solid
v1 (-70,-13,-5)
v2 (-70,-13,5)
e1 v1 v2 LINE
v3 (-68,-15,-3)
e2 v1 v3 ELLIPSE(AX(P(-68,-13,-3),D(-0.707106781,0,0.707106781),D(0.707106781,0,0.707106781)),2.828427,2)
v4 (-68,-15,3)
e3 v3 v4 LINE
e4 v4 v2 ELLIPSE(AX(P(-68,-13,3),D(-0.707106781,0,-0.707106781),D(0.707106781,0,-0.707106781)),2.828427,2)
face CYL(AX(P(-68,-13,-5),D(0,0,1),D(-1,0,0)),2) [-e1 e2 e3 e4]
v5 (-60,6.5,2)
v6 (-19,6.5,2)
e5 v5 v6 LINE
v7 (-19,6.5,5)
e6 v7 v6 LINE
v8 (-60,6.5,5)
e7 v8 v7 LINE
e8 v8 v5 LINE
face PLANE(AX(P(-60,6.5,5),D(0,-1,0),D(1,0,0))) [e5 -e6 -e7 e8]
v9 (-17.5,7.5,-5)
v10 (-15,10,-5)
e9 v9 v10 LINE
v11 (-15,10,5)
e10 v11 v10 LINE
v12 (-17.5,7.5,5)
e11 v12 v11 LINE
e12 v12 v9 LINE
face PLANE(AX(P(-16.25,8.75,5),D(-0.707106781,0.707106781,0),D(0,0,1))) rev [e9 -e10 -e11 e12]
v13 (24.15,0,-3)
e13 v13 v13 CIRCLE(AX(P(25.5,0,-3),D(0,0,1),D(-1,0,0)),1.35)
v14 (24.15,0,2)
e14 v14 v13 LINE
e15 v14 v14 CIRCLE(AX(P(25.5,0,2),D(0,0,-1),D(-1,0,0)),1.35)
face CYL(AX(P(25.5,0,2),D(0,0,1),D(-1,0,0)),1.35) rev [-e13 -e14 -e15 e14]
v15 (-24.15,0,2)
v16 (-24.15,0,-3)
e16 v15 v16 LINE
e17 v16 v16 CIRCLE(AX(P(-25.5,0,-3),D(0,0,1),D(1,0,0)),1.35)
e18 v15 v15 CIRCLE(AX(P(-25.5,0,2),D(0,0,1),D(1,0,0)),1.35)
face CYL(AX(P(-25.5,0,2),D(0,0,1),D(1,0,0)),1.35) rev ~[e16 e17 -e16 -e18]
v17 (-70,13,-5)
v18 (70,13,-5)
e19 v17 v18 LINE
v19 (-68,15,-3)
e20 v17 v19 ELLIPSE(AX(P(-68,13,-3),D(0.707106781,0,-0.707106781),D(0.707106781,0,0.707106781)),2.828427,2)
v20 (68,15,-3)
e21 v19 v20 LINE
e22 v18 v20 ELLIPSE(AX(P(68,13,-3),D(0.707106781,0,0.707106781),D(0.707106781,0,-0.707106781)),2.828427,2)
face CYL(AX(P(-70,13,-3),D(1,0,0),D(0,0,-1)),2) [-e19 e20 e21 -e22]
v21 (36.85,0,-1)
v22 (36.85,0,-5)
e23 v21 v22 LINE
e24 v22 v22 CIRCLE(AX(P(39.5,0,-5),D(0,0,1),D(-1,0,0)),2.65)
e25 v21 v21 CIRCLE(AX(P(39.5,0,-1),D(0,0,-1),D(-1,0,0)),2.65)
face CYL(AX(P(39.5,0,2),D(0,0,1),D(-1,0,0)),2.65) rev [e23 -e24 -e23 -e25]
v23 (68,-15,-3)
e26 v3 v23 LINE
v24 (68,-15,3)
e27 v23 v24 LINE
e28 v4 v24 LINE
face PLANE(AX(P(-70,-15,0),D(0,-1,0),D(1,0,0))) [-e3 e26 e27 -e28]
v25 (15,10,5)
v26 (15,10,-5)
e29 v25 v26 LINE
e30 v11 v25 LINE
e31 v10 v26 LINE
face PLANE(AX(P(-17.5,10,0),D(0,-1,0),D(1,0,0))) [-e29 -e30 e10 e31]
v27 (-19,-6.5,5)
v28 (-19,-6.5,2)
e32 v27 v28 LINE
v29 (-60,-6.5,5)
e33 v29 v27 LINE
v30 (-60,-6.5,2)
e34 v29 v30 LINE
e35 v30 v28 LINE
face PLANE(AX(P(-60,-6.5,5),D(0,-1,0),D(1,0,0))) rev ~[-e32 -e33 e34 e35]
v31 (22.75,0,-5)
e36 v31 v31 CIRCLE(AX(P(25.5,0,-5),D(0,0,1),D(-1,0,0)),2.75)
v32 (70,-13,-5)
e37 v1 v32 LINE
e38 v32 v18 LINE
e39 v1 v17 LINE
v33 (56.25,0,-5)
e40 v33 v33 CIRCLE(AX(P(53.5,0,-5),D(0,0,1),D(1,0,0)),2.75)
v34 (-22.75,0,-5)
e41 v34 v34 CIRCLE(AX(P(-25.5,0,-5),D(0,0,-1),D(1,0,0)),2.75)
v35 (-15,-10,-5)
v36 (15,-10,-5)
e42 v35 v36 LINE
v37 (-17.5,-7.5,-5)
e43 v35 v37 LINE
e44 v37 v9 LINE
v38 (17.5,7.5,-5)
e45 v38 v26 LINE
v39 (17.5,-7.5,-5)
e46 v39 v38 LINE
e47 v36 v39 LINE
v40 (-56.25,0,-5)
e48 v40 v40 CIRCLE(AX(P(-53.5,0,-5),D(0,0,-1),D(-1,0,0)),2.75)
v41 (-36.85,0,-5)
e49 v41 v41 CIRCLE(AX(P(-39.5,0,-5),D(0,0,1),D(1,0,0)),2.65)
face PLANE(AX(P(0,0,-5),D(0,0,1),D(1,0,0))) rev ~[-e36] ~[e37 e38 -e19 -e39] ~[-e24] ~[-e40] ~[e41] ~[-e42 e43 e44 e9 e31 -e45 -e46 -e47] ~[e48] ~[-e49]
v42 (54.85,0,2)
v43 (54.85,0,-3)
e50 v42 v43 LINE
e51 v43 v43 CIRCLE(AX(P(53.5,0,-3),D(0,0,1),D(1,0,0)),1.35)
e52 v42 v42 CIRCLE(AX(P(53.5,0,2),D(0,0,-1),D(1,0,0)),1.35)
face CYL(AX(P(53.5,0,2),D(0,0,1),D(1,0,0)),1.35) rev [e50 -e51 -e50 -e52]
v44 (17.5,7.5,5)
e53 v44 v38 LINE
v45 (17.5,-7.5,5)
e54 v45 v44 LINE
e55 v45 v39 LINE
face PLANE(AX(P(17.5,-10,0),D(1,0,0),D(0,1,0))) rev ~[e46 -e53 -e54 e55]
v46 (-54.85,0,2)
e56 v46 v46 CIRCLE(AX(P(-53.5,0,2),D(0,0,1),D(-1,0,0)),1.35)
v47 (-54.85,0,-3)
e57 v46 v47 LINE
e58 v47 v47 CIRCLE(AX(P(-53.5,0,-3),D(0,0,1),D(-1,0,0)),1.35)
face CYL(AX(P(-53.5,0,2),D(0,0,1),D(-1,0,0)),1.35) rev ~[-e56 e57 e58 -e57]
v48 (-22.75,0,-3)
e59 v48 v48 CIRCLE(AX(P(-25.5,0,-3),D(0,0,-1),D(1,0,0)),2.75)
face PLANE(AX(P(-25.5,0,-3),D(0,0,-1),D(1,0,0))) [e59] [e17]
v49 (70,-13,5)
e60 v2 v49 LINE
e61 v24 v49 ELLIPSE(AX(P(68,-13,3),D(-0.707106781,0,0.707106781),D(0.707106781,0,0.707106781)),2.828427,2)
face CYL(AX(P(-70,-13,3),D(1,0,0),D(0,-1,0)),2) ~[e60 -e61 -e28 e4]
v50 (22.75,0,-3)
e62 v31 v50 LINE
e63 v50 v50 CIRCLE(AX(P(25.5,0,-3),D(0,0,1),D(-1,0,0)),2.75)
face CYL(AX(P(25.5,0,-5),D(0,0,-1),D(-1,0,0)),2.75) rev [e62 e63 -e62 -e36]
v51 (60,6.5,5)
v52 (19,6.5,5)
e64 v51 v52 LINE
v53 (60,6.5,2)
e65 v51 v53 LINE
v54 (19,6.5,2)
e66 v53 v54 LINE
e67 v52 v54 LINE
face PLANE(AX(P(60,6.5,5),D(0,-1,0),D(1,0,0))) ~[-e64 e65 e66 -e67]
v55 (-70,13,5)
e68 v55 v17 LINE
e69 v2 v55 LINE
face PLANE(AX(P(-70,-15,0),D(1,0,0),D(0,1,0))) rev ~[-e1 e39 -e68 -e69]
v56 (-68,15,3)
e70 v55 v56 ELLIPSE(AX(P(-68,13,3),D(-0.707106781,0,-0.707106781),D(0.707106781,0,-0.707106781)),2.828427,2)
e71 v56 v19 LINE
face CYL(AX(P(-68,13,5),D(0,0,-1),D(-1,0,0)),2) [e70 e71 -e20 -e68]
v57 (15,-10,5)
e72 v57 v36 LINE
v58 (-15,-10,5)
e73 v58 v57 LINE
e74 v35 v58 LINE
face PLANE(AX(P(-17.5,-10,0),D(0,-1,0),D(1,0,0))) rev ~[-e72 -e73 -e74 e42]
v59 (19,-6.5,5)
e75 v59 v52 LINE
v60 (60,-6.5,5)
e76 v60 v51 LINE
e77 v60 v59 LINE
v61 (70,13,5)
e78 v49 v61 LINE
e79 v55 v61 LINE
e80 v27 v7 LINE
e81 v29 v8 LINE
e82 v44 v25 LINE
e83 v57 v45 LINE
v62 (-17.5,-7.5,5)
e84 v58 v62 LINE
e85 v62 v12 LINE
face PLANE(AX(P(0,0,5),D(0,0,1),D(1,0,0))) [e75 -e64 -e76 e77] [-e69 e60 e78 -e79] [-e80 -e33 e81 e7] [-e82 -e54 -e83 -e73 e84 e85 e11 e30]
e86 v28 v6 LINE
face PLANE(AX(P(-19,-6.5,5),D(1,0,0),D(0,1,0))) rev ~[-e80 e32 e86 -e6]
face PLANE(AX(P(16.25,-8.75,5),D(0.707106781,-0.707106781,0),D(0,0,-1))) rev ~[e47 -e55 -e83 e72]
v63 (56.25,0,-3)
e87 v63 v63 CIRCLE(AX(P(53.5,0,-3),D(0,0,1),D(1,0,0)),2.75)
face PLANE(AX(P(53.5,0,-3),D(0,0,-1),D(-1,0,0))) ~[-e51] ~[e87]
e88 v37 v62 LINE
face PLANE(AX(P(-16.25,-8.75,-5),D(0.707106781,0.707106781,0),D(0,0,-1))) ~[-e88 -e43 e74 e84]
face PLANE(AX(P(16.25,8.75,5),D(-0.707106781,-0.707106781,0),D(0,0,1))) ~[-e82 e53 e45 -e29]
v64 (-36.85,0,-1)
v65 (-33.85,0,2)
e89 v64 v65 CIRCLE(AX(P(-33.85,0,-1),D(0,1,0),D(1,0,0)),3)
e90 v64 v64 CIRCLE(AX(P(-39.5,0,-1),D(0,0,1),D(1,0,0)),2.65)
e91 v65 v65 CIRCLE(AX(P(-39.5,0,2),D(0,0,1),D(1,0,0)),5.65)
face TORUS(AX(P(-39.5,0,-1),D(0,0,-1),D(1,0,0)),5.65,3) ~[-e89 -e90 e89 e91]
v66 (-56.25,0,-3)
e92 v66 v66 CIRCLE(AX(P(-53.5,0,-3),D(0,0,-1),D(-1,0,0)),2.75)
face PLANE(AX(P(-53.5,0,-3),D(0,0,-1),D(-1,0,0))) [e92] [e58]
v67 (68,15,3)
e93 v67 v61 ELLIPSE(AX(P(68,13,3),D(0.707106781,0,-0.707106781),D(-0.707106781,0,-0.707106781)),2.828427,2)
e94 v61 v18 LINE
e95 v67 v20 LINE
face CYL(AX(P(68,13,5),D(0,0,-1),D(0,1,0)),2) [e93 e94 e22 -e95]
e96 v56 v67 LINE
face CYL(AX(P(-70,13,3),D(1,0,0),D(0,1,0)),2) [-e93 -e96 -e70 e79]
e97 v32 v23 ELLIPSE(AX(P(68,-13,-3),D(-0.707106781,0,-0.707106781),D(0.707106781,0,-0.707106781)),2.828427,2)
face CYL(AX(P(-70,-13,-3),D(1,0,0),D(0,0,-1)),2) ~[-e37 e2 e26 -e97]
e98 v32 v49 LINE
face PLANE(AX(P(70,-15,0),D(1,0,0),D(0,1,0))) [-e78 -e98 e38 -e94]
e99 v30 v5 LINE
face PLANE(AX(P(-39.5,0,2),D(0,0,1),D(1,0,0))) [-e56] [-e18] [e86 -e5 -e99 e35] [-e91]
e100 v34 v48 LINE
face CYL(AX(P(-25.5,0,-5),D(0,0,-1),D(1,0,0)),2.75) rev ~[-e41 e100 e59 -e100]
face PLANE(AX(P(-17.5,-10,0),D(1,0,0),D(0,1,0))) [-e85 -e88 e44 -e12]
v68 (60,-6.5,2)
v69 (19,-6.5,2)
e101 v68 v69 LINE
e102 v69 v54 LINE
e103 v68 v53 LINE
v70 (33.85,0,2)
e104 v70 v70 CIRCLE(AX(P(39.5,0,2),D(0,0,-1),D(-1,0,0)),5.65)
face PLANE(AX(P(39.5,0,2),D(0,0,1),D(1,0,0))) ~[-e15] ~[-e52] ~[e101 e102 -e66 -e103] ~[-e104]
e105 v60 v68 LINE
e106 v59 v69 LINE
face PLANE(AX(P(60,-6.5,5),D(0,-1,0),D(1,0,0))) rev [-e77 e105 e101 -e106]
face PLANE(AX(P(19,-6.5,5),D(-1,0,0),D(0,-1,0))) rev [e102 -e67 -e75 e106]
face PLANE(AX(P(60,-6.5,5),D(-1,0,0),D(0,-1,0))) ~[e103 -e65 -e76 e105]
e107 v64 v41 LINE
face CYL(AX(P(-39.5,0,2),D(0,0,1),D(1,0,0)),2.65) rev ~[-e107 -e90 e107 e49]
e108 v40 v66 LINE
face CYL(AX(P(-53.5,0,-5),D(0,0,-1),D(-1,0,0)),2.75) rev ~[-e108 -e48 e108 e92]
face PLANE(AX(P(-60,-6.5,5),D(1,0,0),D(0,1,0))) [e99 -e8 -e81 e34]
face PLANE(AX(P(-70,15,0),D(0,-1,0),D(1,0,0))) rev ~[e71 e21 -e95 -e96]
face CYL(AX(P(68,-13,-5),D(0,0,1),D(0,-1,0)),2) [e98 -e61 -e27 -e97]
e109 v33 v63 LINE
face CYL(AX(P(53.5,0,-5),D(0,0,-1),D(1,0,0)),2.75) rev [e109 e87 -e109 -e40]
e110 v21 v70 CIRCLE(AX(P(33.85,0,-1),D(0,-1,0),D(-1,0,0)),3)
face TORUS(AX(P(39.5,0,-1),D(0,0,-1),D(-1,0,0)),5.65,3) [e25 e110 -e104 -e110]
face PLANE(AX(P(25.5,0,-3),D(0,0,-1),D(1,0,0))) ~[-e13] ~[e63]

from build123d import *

# Parameters (mm, degrees)
SKETCH1_W             = 140
SKETCH1_H             = 30
SKETCH1_W_2           = 35
SKETCH1_H_2           = 20
BOSS_EXTRUDE1_DEPTH   = 5
SKETCH5_W             = 41
SKETCH5_H             = 13
CUT_EXTRUDE3_DEPTH    = 3
SKETCH6_R             = 2.65
SKETCH6_R_2           = 1.35
CUT_EXTRUDE4_DEPTH    = 72.930522033
SKETCH7_R             = 2.75
CUT_EXTRUDE5_DEPTH    = 2
FILLET1_R             = 3
FILLET1_OF_MIRROR11_R = 3
FILLET2_R             = 2
CHAMFER1_SIZE         = 2.5


with BuildPart() as part:
    # Sketch1 → Boss-Extrude1 (new, symmetric)
    with BuildSketch(Plane.XY):
        Rectangle(SKETCH1_W, SKETCH1_H)
        Rectangle(SKETCH1_W_2, SKETCH1_H_2, mode=Mode.SUBTRACT)
    extrude(amount=BOSS_EXTRUDE1_DEPTH, both=True)

    # Sketch5 → Cut-Extrude3 (cut)
    with BuildSketch(Plane.XY.offset(5)):
        with Locations((-39.5, 0)):
            Rectangle(SKETCH5_W, SKETCH5_H)
    cut_extrude3 = extrude(amount=-CUT_EXTRUDE3_DEPTH, mode=Mode.SUBTRACT)

    # Sketch6 → Cut-Extrude4 (cut, through all)
    with BuildSketch(Plane.XY.offset(2)):
        with Locations((-39.5, 0)):
            Circle(SKETCH6_R)
        with Locations((-25.5, 0)):
            Circle(SKETCH6_R_2)
        with Locations(Location((-53.5, 0, 0), (0, 0, 180))):
            Circle(SKETCH6_R_2)
    cut_extrude4 = extrude(amount=-CUT_EXTRUDE4_DEPTH, mode=Mode.SUBTRACT)

    # Sketch7 → Cut-Extrude5 (cut)
    with BuildSketch(Plane(origin=(0, 0, -5), x_dir=(-1, 0, 0), z_dir=(0, 0, -1))):
        with Locations((53.5, 0)):
            Circle(SKETCH7_R)
        with Locations(Location((25.5, 0, 0), (0, 0, 180))):
            Circle(SKETCH7_R)
    cut_extrude5 = extrude(amount=-CUT_EXTRUDE5_DEPTH, mode=Mode.SUBTRACT)

    # Fillet1
    fillet1_edges = [part.edges().sort_by_distance(p)[0] for p in [
        (-42.15, 0, 2),
    ]]
    fillet(fillet1_edges, radius=FILLET1_R)

    # Mirror11: Cut-Extrude3, Cut-Extrude4, Cut-Extrude5 across plane
    add(cut_extrude3.mirror(Plane(origin=(0, 0, 0), x_dir=(0, 0, 1), z_dir=(1, 0, 0))), mode=Mode.SUBTRACT)
    add(cut_extrude4.mirror(Plane(origin=(0, 0, 0), x_dir=(0, 0, 1), z_dir=(1, 0, 0))), mode=Mode.SUBTRACT)
    add(cut_extrude5.mirror(Plane(origin=(0, 0, 0), x_dir=(0, 0, 1), z_dir=(1, 0, 0))), mode=Mode.SUBTRACT)

    # Fillet1 of Mirror11
    fillet1_of_mirror11_edges = [part.edges().sort_by_distance(p)[0] for p in [
        (42.15, 0, 2),
    ]]
    fillet(fillet1_of_mirror11_edges, radius=FILLET1_OF_MIRROR11_R)

    # Fillet2
    fillet2_edges = [part.edges().sort_by_distance(p)[0] for p in [
        (0, -15, 5),
        (0, -15, -5),
        (0, 15, -5),
        (70, -15, 0),
        (-70, -15, 0),
        (-70, 15, 0),
        (70, 15, 0),
        (0, 15, 5),
    ]]
    fillet(fillet2_edges, radius=FILLET2_R)

    # Chamfer1
    chamfer1_edges = [part.edges().sort_by_distance(p)[0] for p in [
        (17.5, -10, 0),
        (17.5, 10, 0),
        (-17.5, 10, 0),
        (-17.5, -10, 0),
    ]]
    chamfer(chamfer1_edges, length=CHAMFER1_SIZE)


solid = part.part
